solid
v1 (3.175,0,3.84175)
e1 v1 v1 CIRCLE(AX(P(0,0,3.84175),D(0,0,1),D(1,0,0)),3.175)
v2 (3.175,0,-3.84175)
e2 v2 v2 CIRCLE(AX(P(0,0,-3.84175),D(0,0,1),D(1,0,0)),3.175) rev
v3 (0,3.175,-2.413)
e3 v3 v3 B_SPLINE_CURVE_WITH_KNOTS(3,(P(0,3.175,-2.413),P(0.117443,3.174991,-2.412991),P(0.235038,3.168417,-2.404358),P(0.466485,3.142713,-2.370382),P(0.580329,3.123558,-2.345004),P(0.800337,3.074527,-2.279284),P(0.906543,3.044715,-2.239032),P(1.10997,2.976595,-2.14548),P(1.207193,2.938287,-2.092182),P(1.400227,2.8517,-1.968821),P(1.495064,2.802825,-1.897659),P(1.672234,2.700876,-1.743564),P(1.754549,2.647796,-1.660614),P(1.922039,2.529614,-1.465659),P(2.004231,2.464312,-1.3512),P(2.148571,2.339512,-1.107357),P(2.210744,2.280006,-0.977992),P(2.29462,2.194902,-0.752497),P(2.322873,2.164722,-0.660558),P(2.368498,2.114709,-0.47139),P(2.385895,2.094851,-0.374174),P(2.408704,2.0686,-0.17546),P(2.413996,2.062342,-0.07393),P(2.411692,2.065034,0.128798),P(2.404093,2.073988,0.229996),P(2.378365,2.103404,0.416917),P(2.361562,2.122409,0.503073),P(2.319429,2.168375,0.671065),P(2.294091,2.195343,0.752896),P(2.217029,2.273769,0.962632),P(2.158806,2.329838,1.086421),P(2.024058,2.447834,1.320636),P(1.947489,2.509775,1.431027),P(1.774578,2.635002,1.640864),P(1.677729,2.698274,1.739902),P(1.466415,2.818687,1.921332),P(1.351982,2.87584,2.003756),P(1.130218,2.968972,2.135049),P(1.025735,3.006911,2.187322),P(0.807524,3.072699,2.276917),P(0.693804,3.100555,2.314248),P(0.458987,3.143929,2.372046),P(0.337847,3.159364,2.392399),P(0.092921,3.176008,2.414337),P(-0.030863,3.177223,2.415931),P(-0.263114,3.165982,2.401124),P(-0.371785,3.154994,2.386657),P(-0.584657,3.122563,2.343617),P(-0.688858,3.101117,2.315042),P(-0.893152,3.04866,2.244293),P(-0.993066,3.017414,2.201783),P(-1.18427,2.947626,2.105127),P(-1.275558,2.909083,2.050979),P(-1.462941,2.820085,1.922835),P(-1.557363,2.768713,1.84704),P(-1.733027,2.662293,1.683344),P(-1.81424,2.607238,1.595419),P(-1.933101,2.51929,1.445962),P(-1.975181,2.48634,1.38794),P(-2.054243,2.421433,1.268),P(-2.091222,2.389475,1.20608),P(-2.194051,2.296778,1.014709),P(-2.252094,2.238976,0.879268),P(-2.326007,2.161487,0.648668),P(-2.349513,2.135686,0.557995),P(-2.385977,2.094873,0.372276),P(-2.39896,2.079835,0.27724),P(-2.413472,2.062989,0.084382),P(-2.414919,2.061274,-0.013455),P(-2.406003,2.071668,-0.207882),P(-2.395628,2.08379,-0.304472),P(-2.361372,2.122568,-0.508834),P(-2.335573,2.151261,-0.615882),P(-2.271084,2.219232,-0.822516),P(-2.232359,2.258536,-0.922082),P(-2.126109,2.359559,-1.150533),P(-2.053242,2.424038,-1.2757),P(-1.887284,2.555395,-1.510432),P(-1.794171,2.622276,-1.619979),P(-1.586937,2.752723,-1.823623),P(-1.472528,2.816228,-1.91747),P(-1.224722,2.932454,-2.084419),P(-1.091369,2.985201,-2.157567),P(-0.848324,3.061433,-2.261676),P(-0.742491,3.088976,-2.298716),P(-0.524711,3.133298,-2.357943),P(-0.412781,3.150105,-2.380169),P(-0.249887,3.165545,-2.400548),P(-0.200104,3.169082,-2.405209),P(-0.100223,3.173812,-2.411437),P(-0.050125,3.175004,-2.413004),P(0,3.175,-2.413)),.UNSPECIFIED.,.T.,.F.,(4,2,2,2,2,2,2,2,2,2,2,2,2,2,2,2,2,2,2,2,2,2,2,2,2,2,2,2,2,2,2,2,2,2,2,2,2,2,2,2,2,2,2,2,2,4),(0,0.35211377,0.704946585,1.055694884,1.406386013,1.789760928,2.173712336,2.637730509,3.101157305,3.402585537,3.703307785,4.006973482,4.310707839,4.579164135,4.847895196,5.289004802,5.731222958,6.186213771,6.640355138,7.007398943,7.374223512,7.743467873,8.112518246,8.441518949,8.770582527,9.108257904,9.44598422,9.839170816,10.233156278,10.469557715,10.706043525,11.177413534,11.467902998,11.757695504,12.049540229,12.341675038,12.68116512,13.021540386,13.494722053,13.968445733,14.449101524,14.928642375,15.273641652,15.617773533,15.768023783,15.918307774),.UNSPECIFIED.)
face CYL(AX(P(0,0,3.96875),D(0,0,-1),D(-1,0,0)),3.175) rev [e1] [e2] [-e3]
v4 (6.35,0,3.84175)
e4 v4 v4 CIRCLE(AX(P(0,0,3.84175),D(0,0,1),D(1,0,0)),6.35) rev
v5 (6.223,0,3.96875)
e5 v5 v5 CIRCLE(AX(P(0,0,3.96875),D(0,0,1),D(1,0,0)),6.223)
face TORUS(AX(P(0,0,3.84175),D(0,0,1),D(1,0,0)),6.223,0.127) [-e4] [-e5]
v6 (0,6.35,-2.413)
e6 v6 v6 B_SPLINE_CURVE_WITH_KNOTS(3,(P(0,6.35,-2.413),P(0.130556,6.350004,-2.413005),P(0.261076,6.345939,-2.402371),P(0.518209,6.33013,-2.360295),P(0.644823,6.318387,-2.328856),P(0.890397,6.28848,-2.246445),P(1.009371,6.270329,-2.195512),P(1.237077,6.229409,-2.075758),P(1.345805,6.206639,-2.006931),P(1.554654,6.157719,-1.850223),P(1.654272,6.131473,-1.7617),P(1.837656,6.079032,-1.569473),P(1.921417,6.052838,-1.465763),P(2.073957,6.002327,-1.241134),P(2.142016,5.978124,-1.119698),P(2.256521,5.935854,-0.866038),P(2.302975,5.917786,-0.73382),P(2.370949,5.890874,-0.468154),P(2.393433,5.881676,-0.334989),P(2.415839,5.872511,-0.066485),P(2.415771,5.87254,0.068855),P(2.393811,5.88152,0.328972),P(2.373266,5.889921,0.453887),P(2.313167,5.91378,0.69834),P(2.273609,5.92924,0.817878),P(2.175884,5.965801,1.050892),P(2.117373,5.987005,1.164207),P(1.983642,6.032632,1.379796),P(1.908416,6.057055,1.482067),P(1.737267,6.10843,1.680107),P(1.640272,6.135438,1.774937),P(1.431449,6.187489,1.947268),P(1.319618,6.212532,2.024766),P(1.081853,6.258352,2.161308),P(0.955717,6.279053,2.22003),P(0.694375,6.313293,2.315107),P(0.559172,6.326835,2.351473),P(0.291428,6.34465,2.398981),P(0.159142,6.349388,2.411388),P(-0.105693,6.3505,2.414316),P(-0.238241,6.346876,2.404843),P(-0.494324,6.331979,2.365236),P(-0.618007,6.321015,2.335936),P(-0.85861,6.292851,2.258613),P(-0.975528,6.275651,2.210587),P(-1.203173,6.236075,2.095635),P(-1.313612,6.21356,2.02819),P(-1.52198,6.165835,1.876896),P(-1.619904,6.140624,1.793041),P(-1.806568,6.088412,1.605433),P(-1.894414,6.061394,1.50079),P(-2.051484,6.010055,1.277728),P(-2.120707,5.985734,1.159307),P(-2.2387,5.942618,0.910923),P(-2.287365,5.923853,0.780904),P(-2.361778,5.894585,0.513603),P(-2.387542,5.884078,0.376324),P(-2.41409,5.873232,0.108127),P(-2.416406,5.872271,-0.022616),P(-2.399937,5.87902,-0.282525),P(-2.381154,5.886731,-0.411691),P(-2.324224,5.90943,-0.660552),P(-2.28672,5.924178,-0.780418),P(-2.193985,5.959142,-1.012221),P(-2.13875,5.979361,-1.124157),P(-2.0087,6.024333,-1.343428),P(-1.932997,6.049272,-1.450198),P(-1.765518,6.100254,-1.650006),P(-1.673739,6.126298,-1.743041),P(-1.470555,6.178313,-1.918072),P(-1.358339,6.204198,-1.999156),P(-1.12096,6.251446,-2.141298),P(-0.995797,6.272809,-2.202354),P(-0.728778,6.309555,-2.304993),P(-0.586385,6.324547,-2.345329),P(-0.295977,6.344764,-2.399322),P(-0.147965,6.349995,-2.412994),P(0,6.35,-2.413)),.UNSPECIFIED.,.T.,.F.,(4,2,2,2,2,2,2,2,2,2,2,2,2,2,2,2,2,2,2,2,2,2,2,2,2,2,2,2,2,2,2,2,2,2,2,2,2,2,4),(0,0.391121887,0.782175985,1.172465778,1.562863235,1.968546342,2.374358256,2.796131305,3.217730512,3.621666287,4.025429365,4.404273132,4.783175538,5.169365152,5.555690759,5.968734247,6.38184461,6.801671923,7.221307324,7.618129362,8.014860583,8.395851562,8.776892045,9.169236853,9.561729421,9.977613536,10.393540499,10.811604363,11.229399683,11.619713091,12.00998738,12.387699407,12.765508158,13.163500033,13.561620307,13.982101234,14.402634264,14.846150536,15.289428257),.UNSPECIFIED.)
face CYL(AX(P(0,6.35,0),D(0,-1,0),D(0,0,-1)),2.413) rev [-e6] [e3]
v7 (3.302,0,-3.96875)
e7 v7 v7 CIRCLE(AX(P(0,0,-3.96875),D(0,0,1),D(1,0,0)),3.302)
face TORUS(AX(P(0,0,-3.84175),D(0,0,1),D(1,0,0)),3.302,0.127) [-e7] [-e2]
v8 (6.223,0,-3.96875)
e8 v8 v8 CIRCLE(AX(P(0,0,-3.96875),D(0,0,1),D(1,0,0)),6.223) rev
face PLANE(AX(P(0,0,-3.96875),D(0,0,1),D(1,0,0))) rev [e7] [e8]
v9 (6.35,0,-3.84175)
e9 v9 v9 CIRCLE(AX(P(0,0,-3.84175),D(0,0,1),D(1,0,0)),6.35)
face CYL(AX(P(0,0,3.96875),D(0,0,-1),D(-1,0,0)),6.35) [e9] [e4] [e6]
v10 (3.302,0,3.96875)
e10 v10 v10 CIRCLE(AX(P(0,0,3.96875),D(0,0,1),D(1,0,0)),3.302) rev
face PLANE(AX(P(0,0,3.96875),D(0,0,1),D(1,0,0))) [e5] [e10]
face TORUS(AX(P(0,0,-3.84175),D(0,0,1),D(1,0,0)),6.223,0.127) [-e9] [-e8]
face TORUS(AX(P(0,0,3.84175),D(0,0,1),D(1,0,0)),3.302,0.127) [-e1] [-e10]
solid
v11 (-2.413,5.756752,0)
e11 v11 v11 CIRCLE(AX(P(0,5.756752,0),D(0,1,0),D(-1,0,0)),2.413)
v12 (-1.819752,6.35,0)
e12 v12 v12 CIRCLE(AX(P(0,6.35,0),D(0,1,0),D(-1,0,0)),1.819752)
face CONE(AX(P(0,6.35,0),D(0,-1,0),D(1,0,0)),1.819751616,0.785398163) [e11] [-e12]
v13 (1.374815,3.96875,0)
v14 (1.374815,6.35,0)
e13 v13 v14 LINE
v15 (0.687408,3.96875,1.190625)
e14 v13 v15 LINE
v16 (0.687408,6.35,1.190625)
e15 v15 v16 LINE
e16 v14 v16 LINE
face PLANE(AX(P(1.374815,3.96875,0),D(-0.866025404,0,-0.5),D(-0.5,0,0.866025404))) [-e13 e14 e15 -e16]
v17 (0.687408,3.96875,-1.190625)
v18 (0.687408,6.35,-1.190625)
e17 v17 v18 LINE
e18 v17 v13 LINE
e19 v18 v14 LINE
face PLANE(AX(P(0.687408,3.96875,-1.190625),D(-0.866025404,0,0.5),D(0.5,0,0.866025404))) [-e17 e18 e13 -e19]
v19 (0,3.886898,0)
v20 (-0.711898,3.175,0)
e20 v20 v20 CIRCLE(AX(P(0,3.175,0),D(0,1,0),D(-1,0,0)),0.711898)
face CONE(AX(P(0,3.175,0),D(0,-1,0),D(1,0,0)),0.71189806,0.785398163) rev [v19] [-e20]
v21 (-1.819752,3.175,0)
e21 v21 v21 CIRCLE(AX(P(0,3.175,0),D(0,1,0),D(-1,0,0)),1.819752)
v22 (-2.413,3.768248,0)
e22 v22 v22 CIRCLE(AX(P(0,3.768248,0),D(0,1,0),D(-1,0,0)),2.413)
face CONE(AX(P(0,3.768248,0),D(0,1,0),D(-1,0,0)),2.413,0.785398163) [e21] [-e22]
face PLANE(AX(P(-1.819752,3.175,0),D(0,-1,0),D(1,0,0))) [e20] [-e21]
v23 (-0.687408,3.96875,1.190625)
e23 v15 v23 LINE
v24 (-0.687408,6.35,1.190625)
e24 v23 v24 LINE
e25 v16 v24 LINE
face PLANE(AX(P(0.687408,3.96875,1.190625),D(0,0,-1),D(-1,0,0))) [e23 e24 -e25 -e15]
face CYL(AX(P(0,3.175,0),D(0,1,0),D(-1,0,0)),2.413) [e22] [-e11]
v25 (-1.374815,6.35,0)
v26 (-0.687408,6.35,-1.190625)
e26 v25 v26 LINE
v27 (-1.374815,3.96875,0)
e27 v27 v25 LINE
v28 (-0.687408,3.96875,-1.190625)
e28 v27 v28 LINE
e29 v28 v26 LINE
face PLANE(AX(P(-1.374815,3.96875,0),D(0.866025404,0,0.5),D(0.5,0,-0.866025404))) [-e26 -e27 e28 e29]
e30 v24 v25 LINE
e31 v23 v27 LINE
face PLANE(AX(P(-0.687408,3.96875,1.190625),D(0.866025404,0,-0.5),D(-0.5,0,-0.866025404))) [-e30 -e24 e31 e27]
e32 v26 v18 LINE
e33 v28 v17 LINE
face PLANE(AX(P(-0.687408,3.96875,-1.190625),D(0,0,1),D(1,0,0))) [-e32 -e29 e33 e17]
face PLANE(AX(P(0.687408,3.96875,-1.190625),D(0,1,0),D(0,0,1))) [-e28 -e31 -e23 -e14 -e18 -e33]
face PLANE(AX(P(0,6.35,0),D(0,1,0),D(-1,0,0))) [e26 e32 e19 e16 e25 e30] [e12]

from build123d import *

# Parameters (mm, degrees)
SKETCH1_R          = 6.35
SKETCH1_R_2        = 3.175
EXTRUDE1_DEPTH     = 3.96875
SKETCH2_R          = 2.413
CUT_EXTRUDE1_DEPTH = 7.35
FILLET1_R          = 0.127
CUT_EXTRUDE2_DEPTH = 2.38125


with BuildPart() as part:
    # Sketch1 → Extrude1 (new body, symmetric)
    with BuildSketch(Plane.XY):
        Circle(SKETCH1_R)
        Circle(SKETCH1_R_2, mode=Mode.SUBTRACT)
    extrude(amount=EXTRUDE1_DEPTH, both=True)

    # Sketch2 → Cut-Extrude1 (cut, through all)
    with BuildSketch(Plane(origin=(41.275, 0, 0), x_dir=(0, 0, -1), z_dir=(0, -1, 0))):
        with Locations((0, -41.275)):
            Circle(SKETCH2_R)
    extrude(amount=-CUT_EXTRUDE1_DEPTH, mode=Mode.SUBTRACT)

    # Fillet1
    fillet1_edges = [part.edges().sort_by_distance(p)[0] for p in [
        (-6.35, 0, -3.96875),
        (-6.35, 0, 3.96875),
        (-3.175, 0, -3.96875),
        (-3.175, 0, 3.96875),
    ]]
    fillet(fillet1_edges, radius=FILLET1_R)


with BuildPart() as body_2:
    # Sketch3 → Revolve1 (revolve)
    with BuildSketch(Plane.XY):
        Polygon((-1.819751616, 3.175), (-0.71189806, 3.175), (0, 3.88689806), (0, 6.35), (-1.819751616, 6.35), (-2.413, 5.756751616), (-2.413, 3.768248384), align=None)
    revolve(axis=Axis((0, 3.175, 0), (0, -1, 0)))

    # Sketch4 → Cut-Extrude2 (cut)
    with BuildSketch(Plane(origin=(3.3734375, 6.35, 0), x_dir=(0, 0, -1), z_dir=(0, -1, 0))):
        Polygon((0, -1.998622171), (-1.190625, -2.686029836), (-1.190625, -4.060845164), (0, -4.748252829), (1.190625, -4.060845164), (1.190625, -2.686029836), align=None)
    extrude(amount=CUT_EXTRUDE2_DEPTH, mode=Mode.SUBTRACT)


solid = Compound([part.part, body_2.part])
